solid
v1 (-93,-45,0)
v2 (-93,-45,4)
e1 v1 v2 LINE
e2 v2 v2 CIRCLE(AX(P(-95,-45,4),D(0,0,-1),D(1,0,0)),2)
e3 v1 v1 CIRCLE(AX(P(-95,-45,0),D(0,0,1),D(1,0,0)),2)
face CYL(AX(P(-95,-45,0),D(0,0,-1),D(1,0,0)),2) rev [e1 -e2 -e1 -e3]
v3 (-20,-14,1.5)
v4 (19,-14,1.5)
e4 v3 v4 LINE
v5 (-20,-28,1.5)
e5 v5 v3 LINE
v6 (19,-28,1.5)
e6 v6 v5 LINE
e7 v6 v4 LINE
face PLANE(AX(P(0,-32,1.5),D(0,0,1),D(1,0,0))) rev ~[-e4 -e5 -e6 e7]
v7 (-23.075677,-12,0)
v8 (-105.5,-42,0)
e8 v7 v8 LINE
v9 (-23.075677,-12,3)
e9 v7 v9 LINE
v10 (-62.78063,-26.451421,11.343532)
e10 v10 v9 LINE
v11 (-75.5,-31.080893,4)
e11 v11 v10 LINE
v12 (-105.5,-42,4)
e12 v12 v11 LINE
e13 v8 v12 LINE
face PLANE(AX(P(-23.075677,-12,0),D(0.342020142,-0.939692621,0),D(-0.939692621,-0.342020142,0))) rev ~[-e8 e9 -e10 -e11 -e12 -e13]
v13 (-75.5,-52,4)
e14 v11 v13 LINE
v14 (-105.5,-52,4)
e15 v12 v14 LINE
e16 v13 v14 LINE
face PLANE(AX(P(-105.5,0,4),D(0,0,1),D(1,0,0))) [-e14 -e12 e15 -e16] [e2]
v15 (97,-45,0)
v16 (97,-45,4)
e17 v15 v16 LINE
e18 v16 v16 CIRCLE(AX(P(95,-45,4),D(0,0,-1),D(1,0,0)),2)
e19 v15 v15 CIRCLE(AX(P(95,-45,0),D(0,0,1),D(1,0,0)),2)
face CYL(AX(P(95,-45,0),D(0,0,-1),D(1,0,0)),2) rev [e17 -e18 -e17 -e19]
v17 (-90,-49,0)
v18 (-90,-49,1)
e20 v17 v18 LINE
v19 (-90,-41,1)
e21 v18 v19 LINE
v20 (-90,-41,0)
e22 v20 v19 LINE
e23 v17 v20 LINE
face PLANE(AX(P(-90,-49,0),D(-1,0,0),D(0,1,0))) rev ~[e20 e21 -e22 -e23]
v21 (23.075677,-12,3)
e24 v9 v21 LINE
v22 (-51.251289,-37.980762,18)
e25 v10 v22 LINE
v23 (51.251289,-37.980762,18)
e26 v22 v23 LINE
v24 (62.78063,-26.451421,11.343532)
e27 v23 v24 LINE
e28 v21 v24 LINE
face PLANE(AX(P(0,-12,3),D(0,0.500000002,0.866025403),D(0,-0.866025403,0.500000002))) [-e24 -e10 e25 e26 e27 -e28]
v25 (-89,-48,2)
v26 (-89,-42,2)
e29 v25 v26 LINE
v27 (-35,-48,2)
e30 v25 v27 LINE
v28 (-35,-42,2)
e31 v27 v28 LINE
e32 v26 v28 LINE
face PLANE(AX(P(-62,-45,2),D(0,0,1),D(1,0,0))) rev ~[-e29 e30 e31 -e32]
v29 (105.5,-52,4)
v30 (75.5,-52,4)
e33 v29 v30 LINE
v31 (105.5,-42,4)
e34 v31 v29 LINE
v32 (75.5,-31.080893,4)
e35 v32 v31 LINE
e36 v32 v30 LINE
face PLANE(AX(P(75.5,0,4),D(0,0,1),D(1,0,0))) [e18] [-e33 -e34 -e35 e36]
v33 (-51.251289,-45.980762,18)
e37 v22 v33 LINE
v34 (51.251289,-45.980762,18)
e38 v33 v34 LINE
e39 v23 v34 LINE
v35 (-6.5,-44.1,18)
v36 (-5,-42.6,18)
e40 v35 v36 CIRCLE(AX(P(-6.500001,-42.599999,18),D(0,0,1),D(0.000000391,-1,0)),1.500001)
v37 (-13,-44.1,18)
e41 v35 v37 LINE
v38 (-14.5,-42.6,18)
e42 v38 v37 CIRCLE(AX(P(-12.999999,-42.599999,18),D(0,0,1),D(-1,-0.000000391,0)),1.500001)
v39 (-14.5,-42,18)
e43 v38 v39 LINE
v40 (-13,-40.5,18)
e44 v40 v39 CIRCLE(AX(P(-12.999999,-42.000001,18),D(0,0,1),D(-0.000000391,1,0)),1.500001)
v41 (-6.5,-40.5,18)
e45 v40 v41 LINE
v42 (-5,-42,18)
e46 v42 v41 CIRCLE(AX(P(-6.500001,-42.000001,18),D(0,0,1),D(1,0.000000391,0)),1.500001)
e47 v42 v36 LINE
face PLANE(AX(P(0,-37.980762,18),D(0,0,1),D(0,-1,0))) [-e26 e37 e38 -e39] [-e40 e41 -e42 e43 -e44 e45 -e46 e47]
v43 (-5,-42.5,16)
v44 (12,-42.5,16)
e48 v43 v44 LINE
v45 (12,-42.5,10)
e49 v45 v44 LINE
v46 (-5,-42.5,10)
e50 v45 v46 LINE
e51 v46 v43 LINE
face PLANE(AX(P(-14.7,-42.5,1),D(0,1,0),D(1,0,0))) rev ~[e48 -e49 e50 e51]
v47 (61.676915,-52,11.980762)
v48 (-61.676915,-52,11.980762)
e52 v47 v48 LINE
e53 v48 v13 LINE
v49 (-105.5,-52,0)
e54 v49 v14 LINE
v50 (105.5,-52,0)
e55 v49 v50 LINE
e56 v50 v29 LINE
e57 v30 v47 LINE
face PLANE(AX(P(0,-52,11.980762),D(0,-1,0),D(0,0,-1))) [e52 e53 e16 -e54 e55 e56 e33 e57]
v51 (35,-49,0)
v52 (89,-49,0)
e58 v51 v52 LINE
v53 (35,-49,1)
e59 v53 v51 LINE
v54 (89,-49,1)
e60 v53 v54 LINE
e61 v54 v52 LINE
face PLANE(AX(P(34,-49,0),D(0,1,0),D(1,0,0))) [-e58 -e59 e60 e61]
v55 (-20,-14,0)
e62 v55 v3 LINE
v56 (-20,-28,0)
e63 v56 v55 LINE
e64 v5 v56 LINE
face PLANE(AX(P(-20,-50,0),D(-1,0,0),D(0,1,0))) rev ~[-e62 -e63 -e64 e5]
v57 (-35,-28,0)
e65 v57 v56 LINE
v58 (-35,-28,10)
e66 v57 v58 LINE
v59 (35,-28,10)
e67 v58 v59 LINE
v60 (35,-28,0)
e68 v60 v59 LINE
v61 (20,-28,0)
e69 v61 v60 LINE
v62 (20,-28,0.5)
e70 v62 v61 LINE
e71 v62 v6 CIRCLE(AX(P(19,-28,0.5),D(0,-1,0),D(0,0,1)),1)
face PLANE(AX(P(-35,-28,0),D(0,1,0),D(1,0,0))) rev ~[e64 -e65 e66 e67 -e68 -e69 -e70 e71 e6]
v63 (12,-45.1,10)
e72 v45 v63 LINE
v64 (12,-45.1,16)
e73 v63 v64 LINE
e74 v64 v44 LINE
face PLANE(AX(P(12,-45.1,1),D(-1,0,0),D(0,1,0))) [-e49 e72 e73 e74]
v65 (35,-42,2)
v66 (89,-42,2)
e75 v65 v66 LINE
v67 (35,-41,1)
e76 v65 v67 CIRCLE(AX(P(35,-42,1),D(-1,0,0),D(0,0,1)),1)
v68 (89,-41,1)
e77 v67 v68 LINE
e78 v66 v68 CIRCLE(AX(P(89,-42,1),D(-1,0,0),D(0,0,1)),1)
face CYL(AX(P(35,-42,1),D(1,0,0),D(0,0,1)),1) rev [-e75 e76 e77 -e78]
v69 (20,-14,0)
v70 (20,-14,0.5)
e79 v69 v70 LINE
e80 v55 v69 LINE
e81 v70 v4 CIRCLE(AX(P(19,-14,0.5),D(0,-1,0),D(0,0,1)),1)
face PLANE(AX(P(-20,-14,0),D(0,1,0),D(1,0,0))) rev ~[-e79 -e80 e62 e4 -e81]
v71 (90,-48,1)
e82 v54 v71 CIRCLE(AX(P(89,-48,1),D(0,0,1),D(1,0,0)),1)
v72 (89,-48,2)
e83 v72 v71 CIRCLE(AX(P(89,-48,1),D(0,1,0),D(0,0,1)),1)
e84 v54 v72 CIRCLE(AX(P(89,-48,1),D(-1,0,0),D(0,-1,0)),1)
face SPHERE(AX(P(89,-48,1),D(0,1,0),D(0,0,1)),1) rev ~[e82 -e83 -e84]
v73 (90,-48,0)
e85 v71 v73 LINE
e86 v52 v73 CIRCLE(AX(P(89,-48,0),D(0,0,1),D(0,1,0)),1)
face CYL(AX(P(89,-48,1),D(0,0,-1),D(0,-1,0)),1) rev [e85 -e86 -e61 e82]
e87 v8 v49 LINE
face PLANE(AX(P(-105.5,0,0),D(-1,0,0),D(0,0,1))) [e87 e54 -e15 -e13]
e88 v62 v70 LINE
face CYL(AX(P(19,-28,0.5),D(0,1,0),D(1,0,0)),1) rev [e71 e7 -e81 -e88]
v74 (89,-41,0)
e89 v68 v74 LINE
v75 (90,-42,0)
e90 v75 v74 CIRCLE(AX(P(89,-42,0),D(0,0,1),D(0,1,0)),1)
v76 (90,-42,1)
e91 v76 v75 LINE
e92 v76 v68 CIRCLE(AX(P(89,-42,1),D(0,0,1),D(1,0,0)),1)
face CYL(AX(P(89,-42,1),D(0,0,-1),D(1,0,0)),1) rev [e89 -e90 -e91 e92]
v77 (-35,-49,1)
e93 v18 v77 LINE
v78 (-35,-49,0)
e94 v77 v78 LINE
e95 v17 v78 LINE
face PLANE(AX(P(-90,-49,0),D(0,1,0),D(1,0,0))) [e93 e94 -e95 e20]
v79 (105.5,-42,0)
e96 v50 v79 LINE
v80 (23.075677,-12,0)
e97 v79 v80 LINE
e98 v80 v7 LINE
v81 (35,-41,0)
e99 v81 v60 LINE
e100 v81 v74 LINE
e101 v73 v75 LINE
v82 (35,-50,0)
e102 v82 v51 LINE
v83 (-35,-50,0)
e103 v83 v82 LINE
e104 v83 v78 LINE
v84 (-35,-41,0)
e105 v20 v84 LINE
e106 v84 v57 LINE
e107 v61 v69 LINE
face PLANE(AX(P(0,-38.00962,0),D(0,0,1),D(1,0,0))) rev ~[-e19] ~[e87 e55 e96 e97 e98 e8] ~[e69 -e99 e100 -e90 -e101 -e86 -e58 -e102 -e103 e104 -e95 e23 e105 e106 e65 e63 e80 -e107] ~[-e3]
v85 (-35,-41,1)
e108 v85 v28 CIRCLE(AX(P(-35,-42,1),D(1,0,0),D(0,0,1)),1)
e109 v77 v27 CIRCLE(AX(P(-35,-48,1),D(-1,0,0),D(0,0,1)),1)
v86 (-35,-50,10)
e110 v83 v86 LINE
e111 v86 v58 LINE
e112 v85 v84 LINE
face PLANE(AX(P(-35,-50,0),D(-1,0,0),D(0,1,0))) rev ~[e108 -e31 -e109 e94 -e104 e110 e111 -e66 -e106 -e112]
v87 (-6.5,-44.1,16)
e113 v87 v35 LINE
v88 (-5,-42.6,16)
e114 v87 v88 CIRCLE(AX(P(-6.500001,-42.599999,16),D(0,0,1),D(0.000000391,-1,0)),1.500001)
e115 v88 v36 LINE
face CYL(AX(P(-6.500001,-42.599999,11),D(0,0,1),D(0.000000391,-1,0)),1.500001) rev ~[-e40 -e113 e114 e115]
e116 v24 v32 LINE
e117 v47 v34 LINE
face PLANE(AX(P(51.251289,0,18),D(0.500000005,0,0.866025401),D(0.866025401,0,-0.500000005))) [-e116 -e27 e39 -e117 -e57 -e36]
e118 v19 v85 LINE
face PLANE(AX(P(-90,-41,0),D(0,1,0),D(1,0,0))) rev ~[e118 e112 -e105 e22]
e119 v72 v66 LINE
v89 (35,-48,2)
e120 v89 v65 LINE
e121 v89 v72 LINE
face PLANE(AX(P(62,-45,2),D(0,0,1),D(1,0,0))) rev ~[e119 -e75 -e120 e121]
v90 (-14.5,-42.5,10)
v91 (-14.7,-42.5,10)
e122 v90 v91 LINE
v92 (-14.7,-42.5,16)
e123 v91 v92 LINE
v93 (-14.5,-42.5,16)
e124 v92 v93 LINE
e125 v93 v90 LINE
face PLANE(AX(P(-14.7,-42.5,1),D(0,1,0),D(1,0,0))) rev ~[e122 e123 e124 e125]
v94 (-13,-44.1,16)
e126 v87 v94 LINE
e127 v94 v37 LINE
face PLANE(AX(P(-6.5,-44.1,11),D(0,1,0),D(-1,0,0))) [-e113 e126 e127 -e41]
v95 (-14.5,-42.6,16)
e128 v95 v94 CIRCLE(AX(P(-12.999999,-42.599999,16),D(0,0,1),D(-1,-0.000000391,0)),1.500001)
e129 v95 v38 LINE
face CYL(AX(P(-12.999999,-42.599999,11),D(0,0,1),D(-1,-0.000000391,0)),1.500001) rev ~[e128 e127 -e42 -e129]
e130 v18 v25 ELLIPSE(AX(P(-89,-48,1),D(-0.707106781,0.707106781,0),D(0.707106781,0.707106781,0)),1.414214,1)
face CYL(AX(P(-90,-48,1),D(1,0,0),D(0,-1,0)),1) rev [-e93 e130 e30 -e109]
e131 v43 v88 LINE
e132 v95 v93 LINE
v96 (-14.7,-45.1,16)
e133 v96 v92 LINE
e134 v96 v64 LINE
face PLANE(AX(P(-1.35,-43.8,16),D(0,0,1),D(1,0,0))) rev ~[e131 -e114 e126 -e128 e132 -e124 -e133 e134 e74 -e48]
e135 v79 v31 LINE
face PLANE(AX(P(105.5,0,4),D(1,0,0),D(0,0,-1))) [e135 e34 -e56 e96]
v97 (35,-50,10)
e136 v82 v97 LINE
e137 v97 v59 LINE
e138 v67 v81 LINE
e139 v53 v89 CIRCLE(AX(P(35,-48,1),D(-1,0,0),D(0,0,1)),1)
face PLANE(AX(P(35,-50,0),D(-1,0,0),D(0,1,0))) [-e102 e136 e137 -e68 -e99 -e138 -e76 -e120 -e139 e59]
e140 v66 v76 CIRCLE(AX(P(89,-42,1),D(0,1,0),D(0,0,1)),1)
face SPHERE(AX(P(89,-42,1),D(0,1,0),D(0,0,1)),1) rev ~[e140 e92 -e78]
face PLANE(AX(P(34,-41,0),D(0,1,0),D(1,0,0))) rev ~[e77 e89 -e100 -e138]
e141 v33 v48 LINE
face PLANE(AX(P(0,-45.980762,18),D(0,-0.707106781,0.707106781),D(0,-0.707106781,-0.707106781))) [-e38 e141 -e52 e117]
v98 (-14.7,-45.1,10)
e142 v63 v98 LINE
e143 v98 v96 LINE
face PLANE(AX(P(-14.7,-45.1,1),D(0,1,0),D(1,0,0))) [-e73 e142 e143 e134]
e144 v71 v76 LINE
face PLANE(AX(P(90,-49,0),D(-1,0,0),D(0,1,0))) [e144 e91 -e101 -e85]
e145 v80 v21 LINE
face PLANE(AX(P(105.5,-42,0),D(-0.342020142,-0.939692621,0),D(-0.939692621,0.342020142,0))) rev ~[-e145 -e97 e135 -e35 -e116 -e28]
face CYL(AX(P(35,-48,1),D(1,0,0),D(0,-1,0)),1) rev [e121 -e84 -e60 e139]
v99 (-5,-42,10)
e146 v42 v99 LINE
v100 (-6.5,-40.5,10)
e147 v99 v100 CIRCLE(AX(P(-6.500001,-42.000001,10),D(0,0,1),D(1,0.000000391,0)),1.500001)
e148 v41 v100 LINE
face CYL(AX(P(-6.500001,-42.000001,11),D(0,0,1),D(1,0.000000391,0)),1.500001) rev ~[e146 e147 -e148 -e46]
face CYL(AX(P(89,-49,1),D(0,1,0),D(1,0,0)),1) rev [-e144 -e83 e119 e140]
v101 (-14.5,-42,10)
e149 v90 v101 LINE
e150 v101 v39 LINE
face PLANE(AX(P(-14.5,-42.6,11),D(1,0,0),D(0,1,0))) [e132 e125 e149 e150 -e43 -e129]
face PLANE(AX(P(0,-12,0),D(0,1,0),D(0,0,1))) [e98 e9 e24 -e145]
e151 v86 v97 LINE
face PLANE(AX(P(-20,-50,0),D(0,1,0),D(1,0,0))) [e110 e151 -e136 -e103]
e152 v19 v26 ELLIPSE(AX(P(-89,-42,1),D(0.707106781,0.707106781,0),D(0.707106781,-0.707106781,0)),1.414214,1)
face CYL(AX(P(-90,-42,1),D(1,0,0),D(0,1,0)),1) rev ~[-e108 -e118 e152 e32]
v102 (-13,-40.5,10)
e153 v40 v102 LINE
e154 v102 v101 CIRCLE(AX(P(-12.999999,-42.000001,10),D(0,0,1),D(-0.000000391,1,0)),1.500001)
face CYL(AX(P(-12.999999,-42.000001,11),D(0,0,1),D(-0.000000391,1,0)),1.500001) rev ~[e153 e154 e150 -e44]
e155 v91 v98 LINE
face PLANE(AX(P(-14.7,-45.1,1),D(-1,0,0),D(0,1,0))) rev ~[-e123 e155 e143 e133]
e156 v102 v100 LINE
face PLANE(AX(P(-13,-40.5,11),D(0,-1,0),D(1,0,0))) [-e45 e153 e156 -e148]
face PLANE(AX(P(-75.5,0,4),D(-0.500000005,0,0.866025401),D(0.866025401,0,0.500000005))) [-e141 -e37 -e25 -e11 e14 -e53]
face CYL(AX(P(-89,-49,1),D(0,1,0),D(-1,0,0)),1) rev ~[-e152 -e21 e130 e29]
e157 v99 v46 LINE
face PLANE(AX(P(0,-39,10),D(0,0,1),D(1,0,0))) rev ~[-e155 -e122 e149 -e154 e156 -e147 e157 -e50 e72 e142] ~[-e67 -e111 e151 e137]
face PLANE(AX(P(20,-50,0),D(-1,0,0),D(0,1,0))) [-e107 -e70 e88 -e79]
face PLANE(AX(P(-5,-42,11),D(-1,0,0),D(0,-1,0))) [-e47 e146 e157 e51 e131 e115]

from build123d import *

# Parameters (mm, degrees)
SKETCH002_R       = 2
PAD_DEPTH         = 18
PAD001_DEPTH      = 100
SKETCH007_W       = 40
SKETCH007_H       = 36
PAD004_DEPTH      = 1.5
SKETCH008_W       = 70
SKETCH008_H       = 22
PAD005_DEPTH      = 10
SKETCH009_W       = 56
SKETCH009_H       = 8
PAD006_DEPTH      = 2
SKETCH010_W       = 26.7
SKETCH010_H       = 2.6
PAD007_DEPTH      = 15
PAD008_DEPTH      = 20
PAD008_DEPTH_BACK = 20
SKETCH013_W       = 56
SKETCH013_H       = 8
PAD009_DEPTH      = 2
PAD002_DEPTH      = 120
PAD002_DEPTH_BACK = 120
FILLET_R          = 1
FILLET001_R       = 1
FILLET002_R       = 1
FILLET003_R       = 1
FILLET004_R       = 1


with BuildPart() as body:
    # Sketch002 → Pad (new body)
    with BuildSketch(Plane.XY):
        Polygon((-105.5, -52), (105.5, -52), (105.5, -42), (23.075677, -12), (-23.075677, -12), (-105.5, -42), align=None)
        with Locations((-95, -45)):
            Circle(SKETCH002_R, mode=Mode.SUBTRACT)
        with Locations((95, -45)):
            Circle(SKETCH002_R, mode=Mode.SUBTRACT)
    extrude(amount=PAD_DEPTH)


with BuildPart() as body001:
    # Sketch → Pad001 (new body)
    with BuildSketch(Plane.XZ):
        Polygon((-105.5, 0), (-105.5, 4), (-75.5, 4), (-51.251289, 18), (51.251289, 18), (75.5, 4), (105.5, 4), (105.5, 0), align=None)
    extrude(amount=PAD001_DEPTH)

    # Boolean: intersect Body
    add(body.part, mode=Mode.INTERSECT)


with BuildPart() as body004:
    # Sketch007 → Pad004 (new body)
    with BuildSketch(Plane.XY):
        with Locations((0, -32)):
            Rectangle(SKETCH007_W, SKETCH007_H)
    extrude(amount=PAD004_DEPTH)


with BuildPart() as body005:
    # Sketch008 → Pad005 (new body)
    with BuildSketch(Plane.XY):
        with Locations((0, -39)):
            Rectangle(SKETCH008_W, SKETCH008_H)
    extrude(amount=PAD005_DEPTH)


with BuildPart() as body006:
    # Sketch009 → Pad006 (new body)
    with BuildSketch(Plane.XY):
        with Locations((62, -45)):
            Rectangle(SKETCH009_W, SKETCH009_H)
    extrude(amount=PAD006_DEPTH)


with BuildPart() as body007:
    # Sketch010 → Pad007 (new body)
    with BuildSketch(Plane.XY):
        with Locations((-1.35, -40.3)):
            Rectangle(SKETCH010_W, SKETCH010_H)
    extrude(amount=PAD007_DEPTH)


with BuildPart() as body007_1:
    # Body007 placement: moved
    add(body007.part.moved(Location((0, -3.5, 1))))


with BuildPart() as body008:
    # Sketch011 → Pad008 (new body, two sides)
    with BuildSketch(Plane.XY) as pad008_sk:
        with BuildLine():
            ThreePointArc((-13, -37), (-14.06066, -37.43934), (-14.5, -38.5))
            Line((-14.5, -39.1), (-14.5, -38.5))
            ThreePointArc((-14.5, -39.1), (-14.06066, -40.16066), (-13, -40.6))
            Line((-6.5, -40.6), (-13, -40.6))
            ThreePointArc((-6.5, -40.6), (-5.43934, -40.16066), (-5, -39.1))
            Line((-5, -38.5), (-5, -39.1))
            ThreePointArc((-5, -38.5), (-5.43934, -37.43934), (-6.5, -37))
            Line((-13, -37), (-6.5, -37))
        make_face()
    extrude(amount=PAD008_DEPTH)
    extrude(pad008_sk.sketch, amount=-PAD008_DEPTH_BACK)


with BuildPart() as body008_1:
    # Body008 placement: moved
    add(body008.part.moved(Location((0, -3.5, 11))))


with BuildPart() as body009:
    # Sketch013 → Pad009 (new body)
    with BuildSketch(Plane.XY):
        with Locations((-62, -45)):
            Rectangle(SKETCH013_W, SKETCH013_H)
    extrude(amount=PAD009_DEPTH)


with BuildPart() as back:
    # Sketch003 → Pad002 (new body, two sides)
    with BuildSketch(Plane.YZ) as pad002_sk:
        Polygon((-12, 0), (-12, 3), (-37.980762, 18), (-45.980762, 18), (-52, 11.980762), (-52, 0), align=None)
    extrude(amount=PAD002_DEPTH)
    extrude(pad002_sk.sketch, amount=-PAD002_DEPTH_BACK)

    # Boolean001: intersect Body001
    add(body001.part, mode=Mode.INTERSECT)

    # Boolean002: cut Body004
    add(body004.part, mode=Mode.SUBTRACT)

    # Boolean003: cut Body005
    add(body005.part, mode=Mode.SUBTRACT)

    # Boolean004: cut Body006
    add(body006.part, mode=Mode.SUBTRACT)

    # Boolean005: cut Body007
    add(body007_1.part, mode=Mode.SUBTRACT)

    # Boolean006: cut Body008
    add(body008_1.part, mode=Mode.SUBTRACT)

    # Fillet
    fillet_edges = [back.edges().sort_by_distance(p)[0] for p in [
        (20, -21, 1.5),
    ]]
    fillet(fillet_edges, radius=FILLET_R)

    # Fillet001
    fillet001_edges = [back.edges().sort_by_distance(p)[0] for p in [
        (90, -45, 2),
    ]]
    fillet(fillet001_edges, radius=FILLET001_R)

    # Fillet002
    fillet002_edges = [back.edges().sort_by_distance(p)[0] for p in [
        (62, -41, 2),
    ]]
    fillet(fillet002_edges, radius=FILLET002_R)

    # Fillet003
    fillet003_edges = [back.edges().sort_by_distance(p)[0] for p in [
        (62, -49, 2),
    ]]
    fillet(fillet003_edges, radius=FILLET003_R)

    # Boolean007: cut Body009
    add(body009.part, mode=Mode.SUBTRACT)

    # Fillet004
    fillet004_edges = [back.edges().sort_by_distance(p)[0] for p in [
        (-62.5, -41, 2),
        (-62.5, -49, 2),
        (-90, -45, 2),
    ]]
    fillet(fillet004_edges, radius=FILLET004_R)


solid = back.part
